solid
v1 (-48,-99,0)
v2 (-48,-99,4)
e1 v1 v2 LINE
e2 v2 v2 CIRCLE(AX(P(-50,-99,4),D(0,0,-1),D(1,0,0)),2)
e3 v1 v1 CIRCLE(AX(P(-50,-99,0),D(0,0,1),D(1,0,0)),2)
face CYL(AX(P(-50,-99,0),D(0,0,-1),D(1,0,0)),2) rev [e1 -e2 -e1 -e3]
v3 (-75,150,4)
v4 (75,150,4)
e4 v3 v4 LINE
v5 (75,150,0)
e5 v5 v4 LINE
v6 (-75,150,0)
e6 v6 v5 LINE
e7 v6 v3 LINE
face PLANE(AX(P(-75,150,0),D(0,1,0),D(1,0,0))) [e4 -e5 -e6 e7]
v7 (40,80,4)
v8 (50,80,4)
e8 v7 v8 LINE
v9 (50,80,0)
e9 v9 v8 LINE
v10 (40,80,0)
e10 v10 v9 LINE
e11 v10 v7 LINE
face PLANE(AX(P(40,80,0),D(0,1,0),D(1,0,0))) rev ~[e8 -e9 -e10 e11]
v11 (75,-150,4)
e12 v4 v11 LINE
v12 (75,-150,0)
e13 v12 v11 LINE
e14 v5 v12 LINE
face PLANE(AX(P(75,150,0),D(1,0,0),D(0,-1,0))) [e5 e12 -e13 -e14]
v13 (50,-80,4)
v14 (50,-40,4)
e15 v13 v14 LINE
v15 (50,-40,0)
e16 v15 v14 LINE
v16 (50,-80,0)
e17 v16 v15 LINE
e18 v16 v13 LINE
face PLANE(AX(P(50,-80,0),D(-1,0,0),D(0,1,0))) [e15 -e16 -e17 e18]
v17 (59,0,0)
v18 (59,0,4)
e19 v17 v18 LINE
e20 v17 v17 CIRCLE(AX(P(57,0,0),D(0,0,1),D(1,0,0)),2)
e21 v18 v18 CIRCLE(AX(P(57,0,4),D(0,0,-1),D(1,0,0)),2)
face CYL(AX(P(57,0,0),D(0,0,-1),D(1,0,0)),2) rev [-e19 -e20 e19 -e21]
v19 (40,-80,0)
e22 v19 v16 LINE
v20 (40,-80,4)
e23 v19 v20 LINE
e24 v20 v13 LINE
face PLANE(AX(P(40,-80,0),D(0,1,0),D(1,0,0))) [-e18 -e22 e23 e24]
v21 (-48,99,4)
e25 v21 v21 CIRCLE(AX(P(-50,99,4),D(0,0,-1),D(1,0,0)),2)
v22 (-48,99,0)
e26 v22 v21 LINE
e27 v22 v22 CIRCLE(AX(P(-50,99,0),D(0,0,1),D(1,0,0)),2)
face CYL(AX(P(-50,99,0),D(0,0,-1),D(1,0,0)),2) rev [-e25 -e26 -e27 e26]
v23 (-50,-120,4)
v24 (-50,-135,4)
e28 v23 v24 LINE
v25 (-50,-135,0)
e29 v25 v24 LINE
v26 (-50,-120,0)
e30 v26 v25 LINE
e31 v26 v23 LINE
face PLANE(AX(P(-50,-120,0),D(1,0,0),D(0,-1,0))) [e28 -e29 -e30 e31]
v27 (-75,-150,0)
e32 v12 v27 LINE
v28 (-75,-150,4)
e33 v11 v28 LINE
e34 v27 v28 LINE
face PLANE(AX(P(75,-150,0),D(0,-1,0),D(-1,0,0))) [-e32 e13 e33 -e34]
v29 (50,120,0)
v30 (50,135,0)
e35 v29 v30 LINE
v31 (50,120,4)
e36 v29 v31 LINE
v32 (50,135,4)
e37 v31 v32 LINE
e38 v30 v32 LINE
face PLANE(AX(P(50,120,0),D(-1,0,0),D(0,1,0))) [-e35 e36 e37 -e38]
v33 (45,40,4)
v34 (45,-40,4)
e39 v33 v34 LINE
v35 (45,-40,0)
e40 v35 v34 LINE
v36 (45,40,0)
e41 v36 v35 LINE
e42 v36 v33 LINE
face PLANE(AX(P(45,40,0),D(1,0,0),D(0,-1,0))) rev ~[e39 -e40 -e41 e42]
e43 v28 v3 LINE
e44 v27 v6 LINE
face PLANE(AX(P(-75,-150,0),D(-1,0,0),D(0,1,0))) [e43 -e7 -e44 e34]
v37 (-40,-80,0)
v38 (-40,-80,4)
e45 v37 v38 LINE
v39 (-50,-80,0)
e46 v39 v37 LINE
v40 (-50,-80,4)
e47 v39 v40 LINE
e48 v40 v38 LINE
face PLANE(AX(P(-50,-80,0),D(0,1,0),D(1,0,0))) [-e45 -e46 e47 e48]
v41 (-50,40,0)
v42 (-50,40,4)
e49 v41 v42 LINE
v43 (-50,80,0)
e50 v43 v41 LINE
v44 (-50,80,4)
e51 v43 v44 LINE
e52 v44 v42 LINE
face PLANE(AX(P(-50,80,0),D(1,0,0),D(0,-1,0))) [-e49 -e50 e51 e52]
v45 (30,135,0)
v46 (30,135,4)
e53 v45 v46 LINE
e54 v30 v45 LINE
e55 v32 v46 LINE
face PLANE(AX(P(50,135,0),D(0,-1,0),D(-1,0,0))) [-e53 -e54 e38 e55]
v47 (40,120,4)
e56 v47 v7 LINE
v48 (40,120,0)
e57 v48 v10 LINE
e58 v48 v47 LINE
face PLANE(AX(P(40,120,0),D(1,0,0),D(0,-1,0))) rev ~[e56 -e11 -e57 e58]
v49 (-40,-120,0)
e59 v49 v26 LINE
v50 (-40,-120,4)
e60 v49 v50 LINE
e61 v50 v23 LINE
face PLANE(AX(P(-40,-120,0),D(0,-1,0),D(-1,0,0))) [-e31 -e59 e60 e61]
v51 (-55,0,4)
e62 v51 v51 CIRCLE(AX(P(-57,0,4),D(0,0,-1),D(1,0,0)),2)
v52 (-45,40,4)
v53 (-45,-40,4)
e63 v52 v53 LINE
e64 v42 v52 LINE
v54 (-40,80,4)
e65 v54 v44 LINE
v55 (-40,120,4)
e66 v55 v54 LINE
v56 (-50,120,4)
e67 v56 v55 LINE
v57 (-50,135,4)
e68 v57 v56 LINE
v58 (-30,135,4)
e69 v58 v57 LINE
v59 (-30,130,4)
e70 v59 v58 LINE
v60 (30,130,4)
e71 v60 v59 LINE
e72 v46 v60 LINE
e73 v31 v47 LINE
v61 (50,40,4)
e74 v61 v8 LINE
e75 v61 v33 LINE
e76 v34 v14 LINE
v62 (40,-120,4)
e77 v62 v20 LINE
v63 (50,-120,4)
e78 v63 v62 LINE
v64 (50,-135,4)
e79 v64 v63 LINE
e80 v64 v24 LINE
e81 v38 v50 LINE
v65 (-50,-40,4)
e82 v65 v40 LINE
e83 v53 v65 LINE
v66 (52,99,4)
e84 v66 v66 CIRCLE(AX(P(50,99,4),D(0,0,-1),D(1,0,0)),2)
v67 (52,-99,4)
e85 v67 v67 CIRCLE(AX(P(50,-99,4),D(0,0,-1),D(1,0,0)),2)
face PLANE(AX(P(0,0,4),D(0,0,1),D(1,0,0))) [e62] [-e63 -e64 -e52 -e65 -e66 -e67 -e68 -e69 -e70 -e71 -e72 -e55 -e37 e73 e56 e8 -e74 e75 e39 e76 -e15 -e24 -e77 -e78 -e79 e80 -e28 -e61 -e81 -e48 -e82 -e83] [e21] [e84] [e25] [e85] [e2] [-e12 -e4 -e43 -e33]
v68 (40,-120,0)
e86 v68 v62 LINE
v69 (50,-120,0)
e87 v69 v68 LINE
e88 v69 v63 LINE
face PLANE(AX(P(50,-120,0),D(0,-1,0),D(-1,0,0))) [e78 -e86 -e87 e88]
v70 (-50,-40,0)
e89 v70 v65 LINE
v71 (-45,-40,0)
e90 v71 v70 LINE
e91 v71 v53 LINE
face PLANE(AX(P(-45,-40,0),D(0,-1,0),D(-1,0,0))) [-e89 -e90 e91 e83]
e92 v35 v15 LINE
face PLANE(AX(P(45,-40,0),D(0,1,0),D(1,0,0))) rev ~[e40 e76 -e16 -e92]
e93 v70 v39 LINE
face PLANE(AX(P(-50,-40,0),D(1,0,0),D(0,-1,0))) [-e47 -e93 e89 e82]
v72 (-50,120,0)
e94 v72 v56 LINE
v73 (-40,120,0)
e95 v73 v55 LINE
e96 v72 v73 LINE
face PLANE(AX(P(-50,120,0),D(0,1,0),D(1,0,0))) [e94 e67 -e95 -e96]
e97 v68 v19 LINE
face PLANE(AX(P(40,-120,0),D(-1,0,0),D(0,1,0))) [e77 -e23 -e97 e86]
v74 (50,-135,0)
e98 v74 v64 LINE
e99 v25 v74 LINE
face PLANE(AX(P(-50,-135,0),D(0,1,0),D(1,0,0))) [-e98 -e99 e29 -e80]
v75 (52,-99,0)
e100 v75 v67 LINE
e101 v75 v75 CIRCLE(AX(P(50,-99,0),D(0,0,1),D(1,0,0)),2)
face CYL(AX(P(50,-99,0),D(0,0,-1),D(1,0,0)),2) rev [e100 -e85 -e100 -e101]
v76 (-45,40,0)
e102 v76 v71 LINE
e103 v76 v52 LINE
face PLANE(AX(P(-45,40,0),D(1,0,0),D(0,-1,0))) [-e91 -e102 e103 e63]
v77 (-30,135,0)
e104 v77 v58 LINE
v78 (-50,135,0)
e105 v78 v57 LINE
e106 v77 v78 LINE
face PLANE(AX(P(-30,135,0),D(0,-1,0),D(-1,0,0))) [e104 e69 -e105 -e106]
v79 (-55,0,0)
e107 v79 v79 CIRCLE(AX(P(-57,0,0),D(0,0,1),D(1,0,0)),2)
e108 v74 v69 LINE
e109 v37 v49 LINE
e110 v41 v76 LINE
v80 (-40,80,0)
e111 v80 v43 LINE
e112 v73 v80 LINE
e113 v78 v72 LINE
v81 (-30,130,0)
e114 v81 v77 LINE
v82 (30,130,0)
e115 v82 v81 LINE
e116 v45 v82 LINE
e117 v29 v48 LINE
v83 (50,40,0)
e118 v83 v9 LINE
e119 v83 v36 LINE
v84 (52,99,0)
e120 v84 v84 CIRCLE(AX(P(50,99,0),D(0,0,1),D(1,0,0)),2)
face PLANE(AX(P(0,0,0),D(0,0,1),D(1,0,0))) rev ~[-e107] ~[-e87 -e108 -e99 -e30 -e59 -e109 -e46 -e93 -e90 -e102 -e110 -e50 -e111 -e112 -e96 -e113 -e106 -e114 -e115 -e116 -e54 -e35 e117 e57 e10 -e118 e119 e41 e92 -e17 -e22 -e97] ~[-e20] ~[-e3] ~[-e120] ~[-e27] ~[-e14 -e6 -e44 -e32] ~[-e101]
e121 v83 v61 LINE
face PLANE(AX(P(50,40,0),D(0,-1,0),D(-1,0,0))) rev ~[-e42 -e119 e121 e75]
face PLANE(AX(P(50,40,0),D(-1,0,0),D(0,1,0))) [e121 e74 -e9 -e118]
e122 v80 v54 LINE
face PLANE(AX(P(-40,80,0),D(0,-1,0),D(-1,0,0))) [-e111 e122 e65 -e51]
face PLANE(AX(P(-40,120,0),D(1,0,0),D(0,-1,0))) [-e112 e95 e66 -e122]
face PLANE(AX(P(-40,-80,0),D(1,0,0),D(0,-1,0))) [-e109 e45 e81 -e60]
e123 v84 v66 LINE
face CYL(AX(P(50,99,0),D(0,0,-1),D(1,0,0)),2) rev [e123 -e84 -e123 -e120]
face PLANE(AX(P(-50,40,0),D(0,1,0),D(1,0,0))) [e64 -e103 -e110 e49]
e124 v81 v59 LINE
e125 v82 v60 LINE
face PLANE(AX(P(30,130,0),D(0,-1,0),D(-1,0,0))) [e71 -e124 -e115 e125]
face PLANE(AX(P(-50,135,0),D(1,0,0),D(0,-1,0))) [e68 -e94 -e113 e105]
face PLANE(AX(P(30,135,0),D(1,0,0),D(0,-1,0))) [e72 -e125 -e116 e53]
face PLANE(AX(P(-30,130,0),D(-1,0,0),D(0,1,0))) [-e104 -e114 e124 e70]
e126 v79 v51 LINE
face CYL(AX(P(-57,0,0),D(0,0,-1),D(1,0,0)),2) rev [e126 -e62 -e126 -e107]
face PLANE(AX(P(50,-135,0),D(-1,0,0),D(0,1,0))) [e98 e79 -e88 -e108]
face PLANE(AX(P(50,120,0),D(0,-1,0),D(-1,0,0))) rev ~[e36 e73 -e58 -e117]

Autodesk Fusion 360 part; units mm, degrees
sketch "Sketch1" plane through (0, 0, 0) normal (0, 0, 1) x (1, 0, 0)
  line L0 (-75, 150) -> (75, 150)
  line L1 (75, 150) -> (75, -150)
  line L2 (75, -150) -> (-75, -150)
  line L3 (-75, -150) -> (-75, 150)
  line L4 (-75, 150) -> (75, -150) construction
  line L5 (75, 150) -> (-75, -150) construction
  line L6 (50, 135) -> (-50, 135)
  line L7 (-50, 135) -> (-50, -135)
  line L8 (-50, -135) -> (50, -135)
  line L9 (50, -135) -> (50, 135)
  line L10 (50, 135) -> (-50, -135) construction
  line L11 (-50, 135) -> (50, -135) construction
  line L12 (-30, 135) -> (30, 135)
  line L13 (30, 135) -> (30, 130)
  line L14 (30, 130) -> (-30, 130)
  line L15 (-30, 130) -> (-30, 135)
  line L16 (-50, 40) -> (-45, 40)
  line L17 (-45, 40) -> (-45, -40)
  line L18 (-45, -40) -> (-50, -40)
  line L19 (-50, -40) -> (-50, 40)
  line L20 (-30, -135) -> (30, -135)
  line L21 (30, -135) -> (30, -130)
  line L22 (30, -130) -> (-30, -130)
  line L23 (-30, -130) -> (-30, -135)
  line L24 (50, 40) -> (45, 40)
  line L25 (45, 40) -> (45, -40)
  line L26 (45, -40) -> (50, -40)
  line L27 (50, -40) -> (50, 40)
  line L28 (-50, -80) -> (-40, -80)
  line L29 (-40, -80) -> (-40, -120)
  line L30 (-40, -120) -> (-50, -120)
  line L31 (-50, -120) -> (-50, -80)
  line L32 (50, -120) -> (40, -120)
  line L33 (40, -120) -> (40, -80)
  line L34 (40, -80) -> (50, -80)
  line L35 (50, -80) -> (50, -120)
  line L36 (50, 120) -> (40, 120)
  line L37 (40, 120) -> (40, 80)
  line L38 (40, 80) -> (50, 80)
  line L39 (50, 80) -> (50, 120)
  line L40 (-50, 120) -> (-40, 120)
  line L41 (-40, 120) -> (-40, 80)
  line L42 (-40, 80) -> (-50, 80)
  line L43 (-50, 80) -> (-50, 120)
  dimension "d1" = 300
  dimension "d2" = 150
  dimension "d3" = 270
  dimension "d4" = 100
  dimension "d5" = 60
  dimension "d6" = 20
  dimension "d7" = 5
  dimension "d8" = 80
  dimension "d9" = 95
  dimension "d10" = 5
  dimension "d11" = 60
  dimension "d12" = 5
  dimension "d13" = 20
  dimension "d14" = 80
  dimension "d15" = 5
  dimension "d16" = 95
  dimension "d19" = 10
  dimension "d20" = 40
  dimension "d21" = 40
  dimension "d22" = 10
  dimension "d23" = 40
  dimension "d24" = 40
  dimension "d25" = 10
  dimension "d26" = 40
  dimension "d27" = 40
  dimension "d28" = 10
  dimension "d29" = 40
  dimension "d30" = 40
extrude "Extrude2" add sketch "Sketch1" along normal blind 4 contours L0 L1 L2 L3 | L6 L12 L13 L14 L15 | L9 L36 L37 L38 L39 | L9 L24 L25 L26 L27 | L7 L40 L41 L42 L43 | L9 L32 L33 L34 L35 | L7 L16 L17 L18 L19 | L7 L28 L29 L30 L31
sketch "Sketch2" plane through (0, 0, 0) normal (0, 0, 1) x (1, 0, 0)
  line L0 (0, 0) -> (-57, 0) construction
  circle A0 centre (-57, 0) radius 2
  line L1 (0, 0) -> (57, 0) construction
  circle A1 centre (57, 0) radius 2
  line L2 (0, 0) -> (0, -99) construction
  line L3 (0, -99) -> (-50, -99) construction
  line L4 (0, -99) -> (50, -99) construction
  line L5 (0, 0) -> (0, 99) construction
  line L6 (0, 99) -> (50, 99) construction
  line L7 (0, 99) -> (-50, 99) construction
  circle A2 centre (50, 99) radius 2
  circle A3 centre (-50, 99) radius 2
  circle A4 centre (50, -99) radius 2
  circle A5 centre (-50, -99) radius 2
  dimension "d33" = 57
  dimension "d35" = 4
  dimension "d36" = 57
  dimension "d37" = 4
  dimension "d38" = 99
  dimension "d39" = 50
  dimension "d40" = 50
  dimension "d41" = 99
  dimension "d42" = 50
  dimension "d43" = 4
  dimension "d44" = 4
  dimension "d45" = 50
  dimension "d46" = 4
  dimension "d47" = 4
extrude "Extrude3" cut sketch "Sketch2" along normal through all
sketch "Sketch3" plane through (0, 0, 0) normal (0, 0, -1) x (1, 0, 0)
  circle A0 centre (57, 0) radius 2
  circle A1 centre (-50, 99) radius 2
  circle A2 centre (-50, -99) radius 2
  circle A3 centre (-57, 0) radius 2
  circle A4 centre (50, 99) radius 2
  circle A5 centre (50, -99) radius 2
  line L0 (50, -120) -> (50, -135)
  line L1 (50, -135) -> (30, -135)
  line L2 (30, -135) -> (30, -130)
  line L3 (30, -130) -> (-30, -130)
  line L4 (-30, -130) -> (-30, -135)
  line L5 (-30, -135) -> (-50, -135)
  line L6 (-50, -135) -> (-50, -120)
  line L7 (-50, -120) -> (-40, -120)
  line L8 (-40, -120) -> (-40, -80)
  line L9 (-40, -80) -> (-50, -80)
  line L10 (-50, -80) -> (-50, -40)
  line L11 (-50, -40) -> (-45, -40)
  line L12 (-45, -40) -> (-45, 40)
  line L13 (-45, 40) -> (-50, 40)
  line L14 (-50, 40) -> (-50, 80)
  line L15 (-50, 80) -> (-40, 80)
  line L16 (-40, 80) -> (-40, 120)
  line L17 (-40, 120) -> (-50, 120)
  line L18 (-50, 120) -> (-50, 135)
  line L19 (-50, 135) -> (50, 135)
  line L20 (50, 135) -> (50, 120)
  line L21 (50, 120) -> (40, 120)
  line L22 (40, 120) -> (40, 80)
  line L23 (40, 80) -> (50, 80)
  line L24 (50, 80) -> (50, 40)
  line L25 (50, 40) -> (45, 40)
  line L26 (45, 40) -> (45, -40)
  line L27 (45, -40) -> (50, -40)
  line L28 (50, -40) -> (50, -80)
  line L29 (50, -80) -> (40, -80)
  line L30 (40, -80) -> (40, -120)
  line L31 (40, -120) -> (50, -120)
  line L32 (75, 150) -> (-75, 150)
  line L33 (-75, 150) -> (-75, -150)
  line L34 (-75, -150) -> (75, -150)
  line L35 (75, -150) -> (75, 150)
